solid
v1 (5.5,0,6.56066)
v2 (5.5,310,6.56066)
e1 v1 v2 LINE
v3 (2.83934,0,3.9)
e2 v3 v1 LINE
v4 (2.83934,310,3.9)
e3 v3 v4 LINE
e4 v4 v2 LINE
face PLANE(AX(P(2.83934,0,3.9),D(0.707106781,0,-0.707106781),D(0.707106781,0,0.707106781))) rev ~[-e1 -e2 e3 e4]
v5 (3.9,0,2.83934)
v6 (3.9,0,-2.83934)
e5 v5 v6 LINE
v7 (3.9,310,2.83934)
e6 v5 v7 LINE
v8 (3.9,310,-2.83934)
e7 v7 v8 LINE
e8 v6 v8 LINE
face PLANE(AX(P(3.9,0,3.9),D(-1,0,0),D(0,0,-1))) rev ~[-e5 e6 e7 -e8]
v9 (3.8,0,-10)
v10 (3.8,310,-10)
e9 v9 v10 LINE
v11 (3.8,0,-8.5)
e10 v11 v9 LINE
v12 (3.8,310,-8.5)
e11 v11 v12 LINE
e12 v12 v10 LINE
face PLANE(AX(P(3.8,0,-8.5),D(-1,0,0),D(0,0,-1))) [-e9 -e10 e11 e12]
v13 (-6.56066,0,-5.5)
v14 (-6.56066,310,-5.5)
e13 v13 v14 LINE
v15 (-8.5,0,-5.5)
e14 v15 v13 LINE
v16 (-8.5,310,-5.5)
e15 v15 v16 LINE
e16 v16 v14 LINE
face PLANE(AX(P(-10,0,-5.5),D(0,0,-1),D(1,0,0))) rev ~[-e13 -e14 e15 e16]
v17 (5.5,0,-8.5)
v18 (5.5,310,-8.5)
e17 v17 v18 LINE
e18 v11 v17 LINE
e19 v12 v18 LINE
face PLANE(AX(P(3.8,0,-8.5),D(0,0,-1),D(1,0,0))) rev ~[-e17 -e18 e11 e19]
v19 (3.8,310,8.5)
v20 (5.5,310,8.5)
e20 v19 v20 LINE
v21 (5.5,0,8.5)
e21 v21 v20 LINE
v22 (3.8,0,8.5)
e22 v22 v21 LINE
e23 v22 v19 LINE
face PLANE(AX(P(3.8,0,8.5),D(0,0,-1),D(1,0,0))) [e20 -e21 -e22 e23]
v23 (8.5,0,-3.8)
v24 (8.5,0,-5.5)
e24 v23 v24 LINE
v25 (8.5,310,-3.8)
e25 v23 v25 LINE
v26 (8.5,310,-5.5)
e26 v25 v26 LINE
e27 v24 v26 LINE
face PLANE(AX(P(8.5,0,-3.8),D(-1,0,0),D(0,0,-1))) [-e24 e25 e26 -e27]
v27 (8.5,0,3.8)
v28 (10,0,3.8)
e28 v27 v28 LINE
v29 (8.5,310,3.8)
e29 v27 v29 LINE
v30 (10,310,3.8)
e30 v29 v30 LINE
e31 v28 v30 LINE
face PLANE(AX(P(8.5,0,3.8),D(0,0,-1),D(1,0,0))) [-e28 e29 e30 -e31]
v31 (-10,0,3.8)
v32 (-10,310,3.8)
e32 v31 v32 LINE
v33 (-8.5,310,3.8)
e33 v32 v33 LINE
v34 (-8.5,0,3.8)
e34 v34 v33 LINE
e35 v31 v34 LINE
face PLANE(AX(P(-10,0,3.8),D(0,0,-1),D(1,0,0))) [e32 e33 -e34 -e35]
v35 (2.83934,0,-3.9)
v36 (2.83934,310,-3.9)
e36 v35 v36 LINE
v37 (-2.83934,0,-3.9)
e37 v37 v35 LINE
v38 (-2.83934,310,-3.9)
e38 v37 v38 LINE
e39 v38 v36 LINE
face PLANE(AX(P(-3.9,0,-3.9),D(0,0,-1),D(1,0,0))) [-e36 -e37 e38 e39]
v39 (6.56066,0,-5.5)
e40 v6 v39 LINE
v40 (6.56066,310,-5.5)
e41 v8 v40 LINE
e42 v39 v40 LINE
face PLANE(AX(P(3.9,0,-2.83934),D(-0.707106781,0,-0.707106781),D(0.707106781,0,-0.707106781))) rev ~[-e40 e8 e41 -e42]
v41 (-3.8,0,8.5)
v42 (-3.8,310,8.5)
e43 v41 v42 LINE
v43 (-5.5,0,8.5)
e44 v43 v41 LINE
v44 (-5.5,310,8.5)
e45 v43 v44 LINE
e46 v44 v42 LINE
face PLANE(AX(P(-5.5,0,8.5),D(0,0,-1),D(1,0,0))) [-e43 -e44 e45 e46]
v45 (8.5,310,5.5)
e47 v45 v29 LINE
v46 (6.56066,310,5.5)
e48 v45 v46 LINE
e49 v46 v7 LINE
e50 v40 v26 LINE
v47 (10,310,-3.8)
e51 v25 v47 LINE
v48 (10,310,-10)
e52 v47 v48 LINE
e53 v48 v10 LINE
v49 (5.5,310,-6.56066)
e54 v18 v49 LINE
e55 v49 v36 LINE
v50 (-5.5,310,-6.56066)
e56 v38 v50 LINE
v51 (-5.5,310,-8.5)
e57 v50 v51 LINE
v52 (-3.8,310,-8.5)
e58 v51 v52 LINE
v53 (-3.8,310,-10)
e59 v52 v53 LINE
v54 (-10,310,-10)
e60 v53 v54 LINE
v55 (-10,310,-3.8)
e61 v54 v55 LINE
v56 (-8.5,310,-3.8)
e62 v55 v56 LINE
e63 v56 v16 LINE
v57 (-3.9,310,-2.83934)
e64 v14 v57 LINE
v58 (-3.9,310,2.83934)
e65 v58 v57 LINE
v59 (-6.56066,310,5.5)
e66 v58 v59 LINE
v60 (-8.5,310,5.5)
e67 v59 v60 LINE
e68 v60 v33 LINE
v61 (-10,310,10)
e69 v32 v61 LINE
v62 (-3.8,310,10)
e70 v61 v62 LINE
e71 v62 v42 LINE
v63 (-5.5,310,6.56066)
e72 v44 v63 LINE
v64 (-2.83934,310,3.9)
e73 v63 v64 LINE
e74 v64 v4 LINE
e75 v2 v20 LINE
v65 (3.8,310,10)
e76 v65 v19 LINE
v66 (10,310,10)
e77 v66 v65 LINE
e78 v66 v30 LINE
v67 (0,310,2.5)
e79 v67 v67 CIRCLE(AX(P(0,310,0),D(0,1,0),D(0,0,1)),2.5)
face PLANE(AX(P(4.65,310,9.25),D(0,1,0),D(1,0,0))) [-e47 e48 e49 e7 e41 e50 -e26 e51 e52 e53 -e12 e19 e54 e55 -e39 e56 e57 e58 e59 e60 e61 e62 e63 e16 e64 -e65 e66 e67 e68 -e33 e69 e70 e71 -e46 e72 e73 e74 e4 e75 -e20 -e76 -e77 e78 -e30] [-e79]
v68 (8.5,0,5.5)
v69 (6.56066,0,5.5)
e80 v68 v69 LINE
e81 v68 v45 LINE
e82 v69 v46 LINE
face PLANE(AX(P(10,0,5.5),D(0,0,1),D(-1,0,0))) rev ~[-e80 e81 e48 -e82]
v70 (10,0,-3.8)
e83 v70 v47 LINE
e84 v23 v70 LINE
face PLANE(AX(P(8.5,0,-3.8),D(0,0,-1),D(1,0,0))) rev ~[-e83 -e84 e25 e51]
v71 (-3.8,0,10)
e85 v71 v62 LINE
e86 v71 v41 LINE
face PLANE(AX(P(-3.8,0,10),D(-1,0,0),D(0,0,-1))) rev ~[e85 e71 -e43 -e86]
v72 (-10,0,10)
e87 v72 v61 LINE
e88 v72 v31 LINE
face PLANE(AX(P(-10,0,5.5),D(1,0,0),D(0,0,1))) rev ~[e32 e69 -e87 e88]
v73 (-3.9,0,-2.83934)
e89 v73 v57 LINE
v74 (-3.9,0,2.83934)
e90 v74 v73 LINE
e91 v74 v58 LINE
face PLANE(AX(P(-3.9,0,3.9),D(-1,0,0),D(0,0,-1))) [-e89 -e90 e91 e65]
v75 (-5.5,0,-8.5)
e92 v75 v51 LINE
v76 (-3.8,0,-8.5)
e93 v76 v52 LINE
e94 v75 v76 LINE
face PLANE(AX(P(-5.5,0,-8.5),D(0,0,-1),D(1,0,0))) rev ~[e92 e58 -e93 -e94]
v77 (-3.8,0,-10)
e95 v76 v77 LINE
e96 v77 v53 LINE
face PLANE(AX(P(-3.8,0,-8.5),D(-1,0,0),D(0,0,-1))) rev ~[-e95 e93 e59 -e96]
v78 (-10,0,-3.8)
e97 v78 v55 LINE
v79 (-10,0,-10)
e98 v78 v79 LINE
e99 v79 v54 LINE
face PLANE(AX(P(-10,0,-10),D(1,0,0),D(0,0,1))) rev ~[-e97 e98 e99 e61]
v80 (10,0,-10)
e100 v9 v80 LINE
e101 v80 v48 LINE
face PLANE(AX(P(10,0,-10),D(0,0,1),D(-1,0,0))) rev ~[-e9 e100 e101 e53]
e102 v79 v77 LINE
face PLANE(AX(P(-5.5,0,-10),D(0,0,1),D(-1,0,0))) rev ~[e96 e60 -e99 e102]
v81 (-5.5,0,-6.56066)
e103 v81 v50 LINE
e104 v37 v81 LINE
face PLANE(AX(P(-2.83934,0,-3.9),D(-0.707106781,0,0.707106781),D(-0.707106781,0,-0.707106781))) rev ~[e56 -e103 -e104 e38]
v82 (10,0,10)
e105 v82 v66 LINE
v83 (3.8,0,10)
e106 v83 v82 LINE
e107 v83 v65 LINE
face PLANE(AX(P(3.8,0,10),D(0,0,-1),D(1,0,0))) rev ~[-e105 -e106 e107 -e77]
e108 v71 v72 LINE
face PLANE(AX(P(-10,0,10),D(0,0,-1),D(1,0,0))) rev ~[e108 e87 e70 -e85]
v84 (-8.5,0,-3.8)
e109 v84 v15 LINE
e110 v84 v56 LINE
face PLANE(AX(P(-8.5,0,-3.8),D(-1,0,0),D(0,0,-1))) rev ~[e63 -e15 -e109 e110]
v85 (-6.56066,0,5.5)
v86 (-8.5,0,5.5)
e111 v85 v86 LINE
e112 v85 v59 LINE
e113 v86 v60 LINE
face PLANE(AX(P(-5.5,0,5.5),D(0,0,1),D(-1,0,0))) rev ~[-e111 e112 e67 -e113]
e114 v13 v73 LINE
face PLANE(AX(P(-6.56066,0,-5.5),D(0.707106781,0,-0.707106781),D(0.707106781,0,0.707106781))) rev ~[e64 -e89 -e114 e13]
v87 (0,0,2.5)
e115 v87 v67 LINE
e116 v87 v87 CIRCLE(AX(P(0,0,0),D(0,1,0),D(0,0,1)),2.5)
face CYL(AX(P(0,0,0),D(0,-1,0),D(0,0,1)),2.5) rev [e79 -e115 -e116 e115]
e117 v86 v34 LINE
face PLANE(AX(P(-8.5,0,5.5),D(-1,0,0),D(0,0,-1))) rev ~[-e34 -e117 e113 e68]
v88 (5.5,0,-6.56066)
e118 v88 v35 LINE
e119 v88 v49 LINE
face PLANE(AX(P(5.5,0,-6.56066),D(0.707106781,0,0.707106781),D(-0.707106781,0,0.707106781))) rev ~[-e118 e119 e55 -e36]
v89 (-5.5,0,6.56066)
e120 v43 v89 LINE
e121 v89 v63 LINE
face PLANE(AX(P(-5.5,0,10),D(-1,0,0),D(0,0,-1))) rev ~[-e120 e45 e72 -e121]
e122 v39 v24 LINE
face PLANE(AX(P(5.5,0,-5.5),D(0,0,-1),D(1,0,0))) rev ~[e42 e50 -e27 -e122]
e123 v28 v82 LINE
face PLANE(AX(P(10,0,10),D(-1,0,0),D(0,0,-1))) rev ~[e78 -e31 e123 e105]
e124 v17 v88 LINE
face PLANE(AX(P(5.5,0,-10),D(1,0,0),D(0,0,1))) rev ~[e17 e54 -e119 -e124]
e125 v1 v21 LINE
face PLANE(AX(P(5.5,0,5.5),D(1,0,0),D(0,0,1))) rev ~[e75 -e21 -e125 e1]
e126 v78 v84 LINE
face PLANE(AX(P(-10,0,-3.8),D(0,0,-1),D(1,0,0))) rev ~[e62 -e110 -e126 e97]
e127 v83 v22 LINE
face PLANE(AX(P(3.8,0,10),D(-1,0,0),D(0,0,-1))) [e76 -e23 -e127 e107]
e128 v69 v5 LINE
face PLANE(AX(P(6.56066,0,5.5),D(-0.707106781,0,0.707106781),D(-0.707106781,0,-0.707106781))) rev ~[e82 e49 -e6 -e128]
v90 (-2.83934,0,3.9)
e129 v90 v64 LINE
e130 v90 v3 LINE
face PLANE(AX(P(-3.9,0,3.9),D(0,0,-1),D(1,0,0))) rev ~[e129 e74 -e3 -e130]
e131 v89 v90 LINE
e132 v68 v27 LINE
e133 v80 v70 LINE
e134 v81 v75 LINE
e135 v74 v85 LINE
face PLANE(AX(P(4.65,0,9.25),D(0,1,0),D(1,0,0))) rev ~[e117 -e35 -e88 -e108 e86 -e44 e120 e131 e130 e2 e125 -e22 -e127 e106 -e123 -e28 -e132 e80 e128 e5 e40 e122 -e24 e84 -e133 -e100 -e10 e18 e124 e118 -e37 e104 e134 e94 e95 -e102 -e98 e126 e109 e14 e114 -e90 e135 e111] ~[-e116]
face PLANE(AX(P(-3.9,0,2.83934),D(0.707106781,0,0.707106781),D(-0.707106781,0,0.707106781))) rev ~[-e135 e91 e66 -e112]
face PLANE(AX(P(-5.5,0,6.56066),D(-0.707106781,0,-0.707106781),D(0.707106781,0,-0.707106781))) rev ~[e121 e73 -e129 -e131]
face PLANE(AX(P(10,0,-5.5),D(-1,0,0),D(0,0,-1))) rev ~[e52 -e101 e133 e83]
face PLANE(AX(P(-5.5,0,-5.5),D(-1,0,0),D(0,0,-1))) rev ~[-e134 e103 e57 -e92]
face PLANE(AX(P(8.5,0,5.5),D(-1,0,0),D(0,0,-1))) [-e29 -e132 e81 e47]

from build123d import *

# Parameters (mm, degrees)
SKETCH_1_W      = 1.5
SKETCH_1_H      = 1.7
SKETCH_1_W_2    = 1.7
SKETCH_1_H_2    = 1.5
SKETCH_1_W_3    = 7.8
SKETCH_1_H_3    = 7.8
SKETCH_1_R      = 2.5
EXTRUDE_1_DEPTH = 310


with BuildPart() as part:
    # 草图1 → 凸台-拉伸1 (new body)
    # profile 1 of 17: a face of its own
    with BuildSketch(Plane(origin=(0, 0, 0), x_dir=(1, 0, 0), z_dir=(0, 1, 0))):
        Polygon((5.5, 8.5), (5.5, 6.560660172), (5.5, 5.5), (6.560660172, 5.5), (8.5, 5.5), (10, 5.5), (10, 10), (5.5, 10), align=None)
    # profile 2 of 17: a face of its own
    with BuildSketch(Plane(origin=(0, 0, 0), x_dir=(1, 0, 0), z_dir=(0, 1, 0))):
        with Locations((9.25, 4.65)):
            Rectangle(SKETCH_1_W, SKETCH_1_H)
    # profile 3 of 17: a face of its own
    with BuildSketch(Plane(origin=(0, 0, 0), x_dir=(1, 0, 0), z_dir=(0, 1, 0))):
        Polygon((5.5, 6.560660172), (2.839339828, 3.9), (3.9, 3.9), (3.9, 2.839339828), (6.560660172, 5.5), (5.5, 5.5), align=None)
    # profile 4 of 17: a face of its own
    with BuildSketch(Plane(origin=(0, 0, 0), x_dir=(1, 0, 0), z_dir=(0, 1, 0))):
        with Locations((4.65, 9.25)):
            Rectangle(SKETCH_1_W_2, SKETCH_1_H_2)
    # profile 5 of 17: a face of its own
    with BuildSketch(Plane(origin=(0, 0, 0), x_dir=(1, 0, 0), z_dir=(0, 1, 0))):
        Rectangle(SKETCH_1_W_3, SKETCH_1_H_3)
        with Locations(Location((0, 0, 0), (0, 0, 270))):
            Circle(SKETCH_1_R, mode=Mode.SUBTRACT)
    # profile 6 of 17: a face of its own
    with BuildSketch(Plane(origin=(0, 0, 0), x_dir=(1, 0, 0), z_dir=(0, 1, 0))):
        with Locations((-4.65, 9.25)):
            Rectangle(SKETCH_1_W_2, SKETCH_1_H_2)
    # profile 7 of 17: a face of its own
    with BuildSketch(Plane(origin=(0, 0, 0), x_dir=(1, 0, 0), z_dir=(0, 1, 0))):
        Polygon((-8.5, 5.5), (-6.560660172, 5.5), (-5.5, 5.5), (-5.5, 6.560660172), (-5.5, 8.5), (-5.5, 10), (-10, 10), (-10, 5.5), align=None)
    # profile 8 of 17: a face of its own
    with BuildSketch(Plane(origin=(0, 0, 0), x_dir=(1, 0, 0), z_dir=(0, 1, 0))):
        with Locations((-9.25, 4.65)):
            Rectangle(SKETCH_1_W, SKETCH_1_H)
    # profile 9 of 17: a face of its own
    with BuildSketch(Plane(origin=(0, 0, 0), x_dir=(1, 0, 0), z_dir=(0, 1, 0))):
        Polygon((-5.5, 5.5), (-6.560660172, 5.5), (-3.9, 2.839339828), (-3.9, 3.9), (-2.839339828, 3.9), (-5.5, 6.560660172), align=None)
    # profile 10 of 17: a face of its own
    with BuildSketch(Plane(origin=(0, 0, 0), x_dir=(1, 0, 0), z_dir=(0, 1, 0))):
        Polygon((-5.5, -5.5), (-6.560660172, -5.5), (-8.5, -5.5), (-10, -5.5), (-10, -10), (-5.5, -10), (-5.5, -8.5), (-5.5, -6.560660172), align=None)
    # profile 11 of 17: a face of its own
    with BuildSketch(Plane(origin=(0, 0, 0), x_dir=(1, 0, 0), z_dir=(0, 1, 0))):
        with Locations((-4.65, -9.25)):
            Rectangle(SKETCH_1_W_2, SKETCH_1_H_2)
    # profile 12 of 17: a face of its own
    with BuildSketch(Plane(origin=(0, 0, 0), x_dir=(1, 0, 0), z_dir=(0, 1, 0))):
        with Locations((-9.25, -4.65)):
            Rectangle(SKETCH_1_W, SKETCH_1_H)
    # profile 13 of 17: a face of its own
    with BuildSketch(Plane(origin=(0, 0, 0), x_dir=(1, 0, 0), z_dir=(0, 1, 0))):
        Polygon((-3.9, -3.9), (-3.9, -2.839339828), (-6.560660172, -5.5), (-5.5, -5.5), (-5.5, -6.560660172), (-2.839339828, -3.9), align=None)
    # profile 14 of 17: a face of its own
    with BuildSketch(Plane(origin=(0, 0, 0), x_dir=(1, 0, 0), z_dir=(0, 1, 0))):
        Polygon((3.9, -3.9), (2.839339828, -3.9), (5.5, -6.560660172), (5.5, -5.5), (6.560660172, -5.5), (3.9, -2.839339828), align=None)
    # profile 15 of 17: a face of its own
    with BuildSketch(Plane(origin=(0, 0, 0), x_dir=(1, 0, 0), z_dir=(0, 1, 0))):
        Polygon((5.5, -5.5), (5.5, -6.560660172), (5.5, -8.5), (5.5, -10), (10, -10), (10, -5.5), (8.5, -5.5), (6.560660172, -5.5), align=None)
    # profile 16 of 17: a face of its own
    with BuildSketch(Plane(origin=(0, 0, 0), x_dir=(1, 0, 0), z_dir=(0, 1, 0))):
        with Locations((9.25, -4.65)):
            Rectangle(SKETCH_1_W, SKETCH_1_H)
    # profile 17 of 17: a face of its own
    with BuildSketch(Plane(origin=(0, 0, 0), x_dir=(1, 0, 0), z_dir=(0, 1, 0))):
        with Locations((4.65, -9.25)):
            Rectangle(SKETCH_1_W_2, SKETCH_1_H_2)
    extrude(amount=EXTRUDE_1_DEPTH)


solid = part.part
